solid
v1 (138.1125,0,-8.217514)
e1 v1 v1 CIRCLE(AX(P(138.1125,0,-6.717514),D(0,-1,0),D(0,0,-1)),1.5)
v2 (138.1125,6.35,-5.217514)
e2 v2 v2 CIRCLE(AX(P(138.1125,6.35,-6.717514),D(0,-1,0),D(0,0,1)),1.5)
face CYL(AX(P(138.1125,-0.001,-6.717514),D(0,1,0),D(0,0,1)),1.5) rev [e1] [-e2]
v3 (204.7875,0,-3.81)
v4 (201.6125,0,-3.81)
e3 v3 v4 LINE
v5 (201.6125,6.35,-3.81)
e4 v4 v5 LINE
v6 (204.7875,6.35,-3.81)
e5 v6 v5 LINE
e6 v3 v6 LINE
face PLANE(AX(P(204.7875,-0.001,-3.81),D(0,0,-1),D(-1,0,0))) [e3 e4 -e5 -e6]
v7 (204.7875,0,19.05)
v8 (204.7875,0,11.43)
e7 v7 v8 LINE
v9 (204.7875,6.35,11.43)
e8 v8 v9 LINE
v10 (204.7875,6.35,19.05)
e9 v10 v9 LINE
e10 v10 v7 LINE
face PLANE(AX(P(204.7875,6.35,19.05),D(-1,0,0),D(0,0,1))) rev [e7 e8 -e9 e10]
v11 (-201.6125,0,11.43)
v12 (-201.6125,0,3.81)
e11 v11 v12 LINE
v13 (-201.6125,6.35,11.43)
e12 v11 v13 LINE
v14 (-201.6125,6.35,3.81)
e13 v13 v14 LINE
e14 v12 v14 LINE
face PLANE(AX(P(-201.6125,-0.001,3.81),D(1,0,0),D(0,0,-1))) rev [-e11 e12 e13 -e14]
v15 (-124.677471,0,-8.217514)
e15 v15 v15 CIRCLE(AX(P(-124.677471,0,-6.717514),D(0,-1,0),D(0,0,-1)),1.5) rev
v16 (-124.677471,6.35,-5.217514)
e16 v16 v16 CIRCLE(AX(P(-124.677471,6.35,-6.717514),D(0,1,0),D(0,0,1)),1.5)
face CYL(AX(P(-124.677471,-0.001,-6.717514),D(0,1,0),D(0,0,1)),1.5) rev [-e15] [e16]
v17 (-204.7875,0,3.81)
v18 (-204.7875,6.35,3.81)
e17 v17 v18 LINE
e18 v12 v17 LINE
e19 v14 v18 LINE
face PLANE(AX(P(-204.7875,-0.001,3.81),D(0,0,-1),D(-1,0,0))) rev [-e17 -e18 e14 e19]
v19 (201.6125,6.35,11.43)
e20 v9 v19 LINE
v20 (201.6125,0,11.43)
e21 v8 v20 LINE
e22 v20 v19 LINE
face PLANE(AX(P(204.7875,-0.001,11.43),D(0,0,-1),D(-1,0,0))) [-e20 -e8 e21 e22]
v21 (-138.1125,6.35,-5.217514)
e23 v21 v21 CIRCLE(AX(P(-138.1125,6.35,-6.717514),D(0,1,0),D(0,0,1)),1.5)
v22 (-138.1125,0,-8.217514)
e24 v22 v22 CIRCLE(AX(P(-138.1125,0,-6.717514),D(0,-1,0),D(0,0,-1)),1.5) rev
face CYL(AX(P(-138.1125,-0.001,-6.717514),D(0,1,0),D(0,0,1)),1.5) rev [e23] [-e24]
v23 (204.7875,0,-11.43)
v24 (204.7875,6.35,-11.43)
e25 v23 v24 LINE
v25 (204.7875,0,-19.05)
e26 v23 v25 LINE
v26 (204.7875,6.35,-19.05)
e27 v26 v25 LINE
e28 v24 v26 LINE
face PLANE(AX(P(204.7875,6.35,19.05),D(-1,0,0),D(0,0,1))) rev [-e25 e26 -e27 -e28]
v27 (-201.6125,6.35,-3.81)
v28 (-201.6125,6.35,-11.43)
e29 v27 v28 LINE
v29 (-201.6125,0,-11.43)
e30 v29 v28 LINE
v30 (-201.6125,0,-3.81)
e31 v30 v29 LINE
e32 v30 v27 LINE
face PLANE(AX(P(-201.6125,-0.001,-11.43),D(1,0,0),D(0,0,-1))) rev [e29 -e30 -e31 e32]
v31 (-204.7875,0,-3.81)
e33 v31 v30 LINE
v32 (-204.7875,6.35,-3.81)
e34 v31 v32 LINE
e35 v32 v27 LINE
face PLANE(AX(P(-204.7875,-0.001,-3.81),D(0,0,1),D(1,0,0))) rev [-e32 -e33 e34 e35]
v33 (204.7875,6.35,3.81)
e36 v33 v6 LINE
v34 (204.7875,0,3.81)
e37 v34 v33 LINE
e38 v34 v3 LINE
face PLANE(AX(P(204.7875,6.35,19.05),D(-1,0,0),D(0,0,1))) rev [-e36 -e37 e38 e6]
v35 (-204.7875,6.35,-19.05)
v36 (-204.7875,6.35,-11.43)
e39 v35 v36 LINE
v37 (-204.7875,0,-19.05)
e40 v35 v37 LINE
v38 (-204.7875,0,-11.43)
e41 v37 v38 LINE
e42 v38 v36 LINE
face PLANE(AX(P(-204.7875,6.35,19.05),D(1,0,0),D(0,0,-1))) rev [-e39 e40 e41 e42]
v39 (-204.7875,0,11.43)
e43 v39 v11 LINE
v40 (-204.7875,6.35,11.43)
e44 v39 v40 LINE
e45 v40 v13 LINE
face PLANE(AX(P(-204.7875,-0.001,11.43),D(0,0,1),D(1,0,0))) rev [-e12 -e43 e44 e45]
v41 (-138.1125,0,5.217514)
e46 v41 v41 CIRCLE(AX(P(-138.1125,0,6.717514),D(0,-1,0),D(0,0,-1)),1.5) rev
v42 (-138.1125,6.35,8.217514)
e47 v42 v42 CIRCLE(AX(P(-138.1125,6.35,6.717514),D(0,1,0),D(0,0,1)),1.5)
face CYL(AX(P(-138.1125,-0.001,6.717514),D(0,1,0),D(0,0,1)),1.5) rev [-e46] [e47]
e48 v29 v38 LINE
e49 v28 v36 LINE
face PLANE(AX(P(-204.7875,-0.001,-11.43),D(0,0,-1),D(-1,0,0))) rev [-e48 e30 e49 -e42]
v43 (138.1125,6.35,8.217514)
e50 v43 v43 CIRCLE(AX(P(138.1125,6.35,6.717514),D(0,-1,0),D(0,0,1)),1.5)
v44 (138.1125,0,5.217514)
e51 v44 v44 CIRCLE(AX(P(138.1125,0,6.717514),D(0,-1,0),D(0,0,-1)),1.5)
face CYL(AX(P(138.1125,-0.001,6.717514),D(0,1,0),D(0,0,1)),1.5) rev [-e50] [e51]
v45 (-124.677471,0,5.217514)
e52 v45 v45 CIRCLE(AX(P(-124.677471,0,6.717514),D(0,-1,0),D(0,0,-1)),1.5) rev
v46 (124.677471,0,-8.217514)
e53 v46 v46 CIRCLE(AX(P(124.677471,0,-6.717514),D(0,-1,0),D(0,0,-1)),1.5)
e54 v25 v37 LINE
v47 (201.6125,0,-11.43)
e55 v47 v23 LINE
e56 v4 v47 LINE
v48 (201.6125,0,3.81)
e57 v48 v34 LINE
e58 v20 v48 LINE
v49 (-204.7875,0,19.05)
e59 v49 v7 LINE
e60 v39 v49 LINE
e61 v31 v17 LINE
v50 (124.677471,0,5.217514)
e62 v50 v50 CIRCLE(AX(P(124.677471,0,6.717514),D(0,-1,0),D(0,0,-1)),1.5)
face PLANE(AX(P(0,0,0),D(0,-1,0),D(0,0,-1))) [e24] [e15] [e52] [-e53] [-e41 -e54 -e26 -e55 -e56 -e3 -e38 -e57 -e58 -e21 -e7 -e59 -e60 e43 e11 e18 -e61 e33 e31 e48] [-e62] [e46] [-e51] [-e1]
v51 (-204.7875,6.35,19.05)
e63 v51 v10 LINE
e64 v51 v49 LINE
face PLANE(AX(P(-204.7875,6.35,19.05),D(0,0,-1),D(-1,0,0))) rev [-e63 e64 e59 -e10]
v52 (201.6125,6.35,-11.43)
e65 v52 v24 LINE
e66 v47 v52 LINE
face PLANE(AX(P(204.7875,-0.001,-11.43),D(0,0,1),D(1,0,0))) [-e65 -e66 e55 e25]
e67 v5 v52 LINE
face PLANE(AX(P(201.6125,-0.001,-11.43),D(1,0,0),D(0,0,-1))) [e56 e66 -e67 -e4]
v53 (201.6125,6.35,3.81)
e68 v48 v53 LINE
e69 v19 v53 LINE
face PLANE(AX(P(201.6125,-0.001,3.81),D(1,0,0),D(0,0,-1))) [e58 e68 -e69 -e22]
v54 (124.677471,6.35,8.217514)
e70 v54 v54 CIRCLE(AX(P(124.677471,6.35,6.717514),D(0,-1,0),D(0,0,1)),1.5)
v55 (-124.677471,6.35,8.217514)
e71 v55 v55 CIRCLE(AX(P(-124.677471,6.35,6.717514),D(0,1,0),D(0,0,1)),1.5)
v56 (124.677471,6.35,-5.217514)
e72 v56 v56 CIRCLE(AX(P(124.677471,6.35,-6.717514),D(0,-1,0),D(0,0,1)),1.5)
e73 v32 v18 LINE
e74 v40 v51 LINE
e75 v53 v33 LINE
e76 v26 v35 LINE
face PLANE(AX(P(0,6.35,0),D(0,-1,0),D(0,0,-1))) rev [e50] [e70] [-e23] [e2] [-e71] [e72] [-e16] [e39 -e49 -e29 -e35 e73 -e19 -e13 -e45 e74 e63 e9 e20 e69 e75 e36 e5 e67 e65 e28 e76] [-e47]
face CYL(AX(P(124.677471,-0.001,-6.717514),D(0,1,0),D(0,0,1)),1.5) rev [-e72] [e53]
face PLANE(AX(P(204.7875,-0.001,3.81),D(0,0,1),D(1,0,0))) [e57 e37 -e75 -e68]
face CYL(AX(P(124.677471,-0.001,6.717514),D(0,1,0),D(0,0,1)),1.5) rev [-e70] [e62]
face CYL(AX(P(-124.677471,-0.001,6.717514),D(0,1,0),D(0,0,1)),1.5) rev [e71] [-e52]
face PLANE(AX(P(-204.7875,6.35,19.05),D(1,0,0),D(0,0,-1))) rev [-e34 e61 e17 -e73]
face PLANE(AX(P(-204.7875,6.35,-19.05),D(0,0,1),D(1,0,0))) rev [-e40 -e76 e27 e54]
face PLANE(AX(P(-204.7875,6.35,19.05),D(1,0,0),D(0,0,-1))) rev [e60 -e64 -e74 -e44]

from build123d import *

# Parameters (mm, degrees)
SKETCH1_W           = 409.575
SKETCH1_H           = 38.1
BOSS_EXTRUDE1_DEPTH = 6.35
CUT_EXTRUDE1_REACH  = 207.77
SKETCH2_W           = 3.175
SKETCH2_H           = 7.62
CUT_EXTRUDE2_REACH  = 207.77
SKETCH3_R           = 1.5


with BuildPart() as part:
    # Sketch1 → Boss-Extrude1 (new body)
    with BuildSketch(Plane(origin=(0, 0, 0), x_dir=(1, 0, 0), z_dir=(0, 1, 0))):
        Rectangle(SKETCH1_W, SKETCH1_H)
    extrude(amount=BOSS_EXTRUDE1_DEPTH)

    # Sketch2 → Cut-Extrude1 (cut, up to next)
    with BuildSketch(Plane(origin=(0, 6.35, 0), x_dir=(1, 0, 0), z_dir=(0, 1, 0)), mode=Mode.PRIVATE) as cut_extrude1_sk1:
        with Locations((-203.2, 7.62)):
            Rectangle(SKETCH2_W, SKETCH2_H)
    cut_extrude1_tool1 = extrude(cut_extrude1_sk1.sketch, amount=-CUT_EXTRUDE1_REACH, mode=Mode.PRIVATE) & part.part
    # Sketch2 → Cut-Extrude1 (cut, up to next)
    with BuildSketch(Plane(origin=(0, 6.35, 0), x_dir=(1, 0, 0), z_dir=(0, 1, 0)), mode=Mode.PRIVATE) as cut_extrude1_sk2:
        with Locations((-203.2, -7.62)):
            Rectangle(SKETCH2_W, SKETCH2_H)
    cut_extrude1_tool2 = extrude(cut_extrude1_sk2.sketch, amount=-CUT_EXTRUDE1_REACH, mode=Mode.PRIVATE) & part.part
    cut_extrude1_1 = cut_extrude1_tool1.solids().sort_by_distance((-203.2, 6.35, -7.62))[0]
    add(cut_extrude1_1, mode=Mode.SUBTRACT)
    cut_extrude1_2 = cut_extrude1_tool2.solids().sort_by_distance((-203.2, 6.35, 7.62))[0]
    add(cut_extrude1_2, mode=Mode.SUBTRACT)
    cut_extrude1 = cut_extrude1_1 + cut_extrude1_2  # Cut-Extrude1 as one shape, for the pattern or mirror that repeats it

    # Mirror1: Cut-Extrude1 across plane
    add(cut_extrude1.mirror(Plane(origin=(0, 0, 0), x_dir=(0, 0, 1), z_dir=(1, 0, 0))), mode=Mode.SUBTRACT)

    # Sketch3 → Cut-Extrude2 (cut, up to next)
    with BuildSketch(Plane(origin=(0, 6.35, 0), x_dir=(1, 0, 0), z_dir=(0, 1, 0)), mode=Mode.PRIVATE) as cut_extrude2_sk1:
        with Locations(Location((-138.1125, 6.717514421, 0), (0, 0, 270))):
            Circle(SKETCH3_R)
    cut_extrude2_tool1 = extrude(cut_extrude2_sk1.sketch, amount=-CUT_EXTRUDE2_REACH, mode=Mode.PRIVATE) & part.part
    # Sketch3 → Cut-Extrude2 (cut, up to next)
    with BuildSketch(Plane(origin=(0, 6.35, 0), x_dir=(1, 0, 0), z_dir=(0, 1, 0)), mode=Mode.PRIVATE) as cut_extrude2_sk2:
        with Locations(Location((-138.1125, -6.717514421, 0), (0, 0, 270))):
            Circle(SKETCH3_R)
    cut_extrude2_tool2 = extrude(cut_extrude2_sk2.sketch, amount=-CUT_EXTRUDE2_REACH, mode=Mode.PRIVATE) & part.part
    # Sketch3 → Cut-Extrude2 (cut, up to next)
    with BuildSketch(Plane(origin=(0, 6.35, 0), x_dir=(1, 0, 0), z_dir=(0, 1, 0)), mode=Mode.PRIVATE) as cut_extrude2_sk3:
        with Locations(Location((-124.677471157, 6.717514421, 0), (0, 0, 270))):
            Circle(SKETCH3_R)
    cut_extrude2_tool3 = extrude(cut_extrude2_sk3.sketch, amount=-CUT_EXTRUDE2_REACH, mode=Mode.PRIVATE) & part.part
    # Sketch3 → Cut-Extrude2 (cut, up to next)
    with BuildSketch(Plane(origin=(0, 6.35, 0), x_dir=(1, 0, 0), z_dir=(0, 1, 0)), mode=Mode.PRIVATE) as cut_extrude2_sk4:
        with Locations(Location((-124.677471157, -6.717514421, 0), (0, 0, 270))):
            Circle(SKETCH3_R)
    cut_extrude2_tool4 = extrude(cut_extrude2_sk4.sketch, amount=-CUT_EXTRUDE2_REACH, mode=Mode.PRIVATE) & part.part
    cut_extrude2_1 = cut_extrude2_tool1.solids().sort_by_distance((-138.1125, 6.35, -6.717514))[0]
    add(cut_extrude2_1, mode=Mode.SUBTRACT)
    cut_extrude2_2 = cut_extrude2_tool2.solids().sort_by_distance((-138.1125, 6.35, 6.717514))[0]
    add(cut_extrude2_2, mode=Mode.SUBTRACT)
    cut_extrude2_3 = cut_extrude2_tool3.solids().sort_by_distance((-124.677471, 6.35, -6.717514))[0]
    add(cut_extrude2_3, mode=Mode.SUBTRACT)
    cut_extrude2_4 = cut_extrude2_tool4.solids().sort_by_distance((-124.677471, 6.35, 6.717514))[0]
    add(cut_extrude2_4, mode=Mode.SUBTRACT)
    cut_extrude2 = cut_extrude2_1 + cut_extrude2_2 + cut_extrude2_3 + cut_extrude2_4  # Cut-Extrude2 as one shape, for the pattern or mirror that repeats it

    # Mirror2: Cut-Extrude2 across plane
    add(cut_extrude2.mirror(Plane(origin=(0, 0, 0), x_dir=(0, 0, 1), z_dir=(1, 0, 0))), mode=Mode.SUBTRACT)


solid = part.part
